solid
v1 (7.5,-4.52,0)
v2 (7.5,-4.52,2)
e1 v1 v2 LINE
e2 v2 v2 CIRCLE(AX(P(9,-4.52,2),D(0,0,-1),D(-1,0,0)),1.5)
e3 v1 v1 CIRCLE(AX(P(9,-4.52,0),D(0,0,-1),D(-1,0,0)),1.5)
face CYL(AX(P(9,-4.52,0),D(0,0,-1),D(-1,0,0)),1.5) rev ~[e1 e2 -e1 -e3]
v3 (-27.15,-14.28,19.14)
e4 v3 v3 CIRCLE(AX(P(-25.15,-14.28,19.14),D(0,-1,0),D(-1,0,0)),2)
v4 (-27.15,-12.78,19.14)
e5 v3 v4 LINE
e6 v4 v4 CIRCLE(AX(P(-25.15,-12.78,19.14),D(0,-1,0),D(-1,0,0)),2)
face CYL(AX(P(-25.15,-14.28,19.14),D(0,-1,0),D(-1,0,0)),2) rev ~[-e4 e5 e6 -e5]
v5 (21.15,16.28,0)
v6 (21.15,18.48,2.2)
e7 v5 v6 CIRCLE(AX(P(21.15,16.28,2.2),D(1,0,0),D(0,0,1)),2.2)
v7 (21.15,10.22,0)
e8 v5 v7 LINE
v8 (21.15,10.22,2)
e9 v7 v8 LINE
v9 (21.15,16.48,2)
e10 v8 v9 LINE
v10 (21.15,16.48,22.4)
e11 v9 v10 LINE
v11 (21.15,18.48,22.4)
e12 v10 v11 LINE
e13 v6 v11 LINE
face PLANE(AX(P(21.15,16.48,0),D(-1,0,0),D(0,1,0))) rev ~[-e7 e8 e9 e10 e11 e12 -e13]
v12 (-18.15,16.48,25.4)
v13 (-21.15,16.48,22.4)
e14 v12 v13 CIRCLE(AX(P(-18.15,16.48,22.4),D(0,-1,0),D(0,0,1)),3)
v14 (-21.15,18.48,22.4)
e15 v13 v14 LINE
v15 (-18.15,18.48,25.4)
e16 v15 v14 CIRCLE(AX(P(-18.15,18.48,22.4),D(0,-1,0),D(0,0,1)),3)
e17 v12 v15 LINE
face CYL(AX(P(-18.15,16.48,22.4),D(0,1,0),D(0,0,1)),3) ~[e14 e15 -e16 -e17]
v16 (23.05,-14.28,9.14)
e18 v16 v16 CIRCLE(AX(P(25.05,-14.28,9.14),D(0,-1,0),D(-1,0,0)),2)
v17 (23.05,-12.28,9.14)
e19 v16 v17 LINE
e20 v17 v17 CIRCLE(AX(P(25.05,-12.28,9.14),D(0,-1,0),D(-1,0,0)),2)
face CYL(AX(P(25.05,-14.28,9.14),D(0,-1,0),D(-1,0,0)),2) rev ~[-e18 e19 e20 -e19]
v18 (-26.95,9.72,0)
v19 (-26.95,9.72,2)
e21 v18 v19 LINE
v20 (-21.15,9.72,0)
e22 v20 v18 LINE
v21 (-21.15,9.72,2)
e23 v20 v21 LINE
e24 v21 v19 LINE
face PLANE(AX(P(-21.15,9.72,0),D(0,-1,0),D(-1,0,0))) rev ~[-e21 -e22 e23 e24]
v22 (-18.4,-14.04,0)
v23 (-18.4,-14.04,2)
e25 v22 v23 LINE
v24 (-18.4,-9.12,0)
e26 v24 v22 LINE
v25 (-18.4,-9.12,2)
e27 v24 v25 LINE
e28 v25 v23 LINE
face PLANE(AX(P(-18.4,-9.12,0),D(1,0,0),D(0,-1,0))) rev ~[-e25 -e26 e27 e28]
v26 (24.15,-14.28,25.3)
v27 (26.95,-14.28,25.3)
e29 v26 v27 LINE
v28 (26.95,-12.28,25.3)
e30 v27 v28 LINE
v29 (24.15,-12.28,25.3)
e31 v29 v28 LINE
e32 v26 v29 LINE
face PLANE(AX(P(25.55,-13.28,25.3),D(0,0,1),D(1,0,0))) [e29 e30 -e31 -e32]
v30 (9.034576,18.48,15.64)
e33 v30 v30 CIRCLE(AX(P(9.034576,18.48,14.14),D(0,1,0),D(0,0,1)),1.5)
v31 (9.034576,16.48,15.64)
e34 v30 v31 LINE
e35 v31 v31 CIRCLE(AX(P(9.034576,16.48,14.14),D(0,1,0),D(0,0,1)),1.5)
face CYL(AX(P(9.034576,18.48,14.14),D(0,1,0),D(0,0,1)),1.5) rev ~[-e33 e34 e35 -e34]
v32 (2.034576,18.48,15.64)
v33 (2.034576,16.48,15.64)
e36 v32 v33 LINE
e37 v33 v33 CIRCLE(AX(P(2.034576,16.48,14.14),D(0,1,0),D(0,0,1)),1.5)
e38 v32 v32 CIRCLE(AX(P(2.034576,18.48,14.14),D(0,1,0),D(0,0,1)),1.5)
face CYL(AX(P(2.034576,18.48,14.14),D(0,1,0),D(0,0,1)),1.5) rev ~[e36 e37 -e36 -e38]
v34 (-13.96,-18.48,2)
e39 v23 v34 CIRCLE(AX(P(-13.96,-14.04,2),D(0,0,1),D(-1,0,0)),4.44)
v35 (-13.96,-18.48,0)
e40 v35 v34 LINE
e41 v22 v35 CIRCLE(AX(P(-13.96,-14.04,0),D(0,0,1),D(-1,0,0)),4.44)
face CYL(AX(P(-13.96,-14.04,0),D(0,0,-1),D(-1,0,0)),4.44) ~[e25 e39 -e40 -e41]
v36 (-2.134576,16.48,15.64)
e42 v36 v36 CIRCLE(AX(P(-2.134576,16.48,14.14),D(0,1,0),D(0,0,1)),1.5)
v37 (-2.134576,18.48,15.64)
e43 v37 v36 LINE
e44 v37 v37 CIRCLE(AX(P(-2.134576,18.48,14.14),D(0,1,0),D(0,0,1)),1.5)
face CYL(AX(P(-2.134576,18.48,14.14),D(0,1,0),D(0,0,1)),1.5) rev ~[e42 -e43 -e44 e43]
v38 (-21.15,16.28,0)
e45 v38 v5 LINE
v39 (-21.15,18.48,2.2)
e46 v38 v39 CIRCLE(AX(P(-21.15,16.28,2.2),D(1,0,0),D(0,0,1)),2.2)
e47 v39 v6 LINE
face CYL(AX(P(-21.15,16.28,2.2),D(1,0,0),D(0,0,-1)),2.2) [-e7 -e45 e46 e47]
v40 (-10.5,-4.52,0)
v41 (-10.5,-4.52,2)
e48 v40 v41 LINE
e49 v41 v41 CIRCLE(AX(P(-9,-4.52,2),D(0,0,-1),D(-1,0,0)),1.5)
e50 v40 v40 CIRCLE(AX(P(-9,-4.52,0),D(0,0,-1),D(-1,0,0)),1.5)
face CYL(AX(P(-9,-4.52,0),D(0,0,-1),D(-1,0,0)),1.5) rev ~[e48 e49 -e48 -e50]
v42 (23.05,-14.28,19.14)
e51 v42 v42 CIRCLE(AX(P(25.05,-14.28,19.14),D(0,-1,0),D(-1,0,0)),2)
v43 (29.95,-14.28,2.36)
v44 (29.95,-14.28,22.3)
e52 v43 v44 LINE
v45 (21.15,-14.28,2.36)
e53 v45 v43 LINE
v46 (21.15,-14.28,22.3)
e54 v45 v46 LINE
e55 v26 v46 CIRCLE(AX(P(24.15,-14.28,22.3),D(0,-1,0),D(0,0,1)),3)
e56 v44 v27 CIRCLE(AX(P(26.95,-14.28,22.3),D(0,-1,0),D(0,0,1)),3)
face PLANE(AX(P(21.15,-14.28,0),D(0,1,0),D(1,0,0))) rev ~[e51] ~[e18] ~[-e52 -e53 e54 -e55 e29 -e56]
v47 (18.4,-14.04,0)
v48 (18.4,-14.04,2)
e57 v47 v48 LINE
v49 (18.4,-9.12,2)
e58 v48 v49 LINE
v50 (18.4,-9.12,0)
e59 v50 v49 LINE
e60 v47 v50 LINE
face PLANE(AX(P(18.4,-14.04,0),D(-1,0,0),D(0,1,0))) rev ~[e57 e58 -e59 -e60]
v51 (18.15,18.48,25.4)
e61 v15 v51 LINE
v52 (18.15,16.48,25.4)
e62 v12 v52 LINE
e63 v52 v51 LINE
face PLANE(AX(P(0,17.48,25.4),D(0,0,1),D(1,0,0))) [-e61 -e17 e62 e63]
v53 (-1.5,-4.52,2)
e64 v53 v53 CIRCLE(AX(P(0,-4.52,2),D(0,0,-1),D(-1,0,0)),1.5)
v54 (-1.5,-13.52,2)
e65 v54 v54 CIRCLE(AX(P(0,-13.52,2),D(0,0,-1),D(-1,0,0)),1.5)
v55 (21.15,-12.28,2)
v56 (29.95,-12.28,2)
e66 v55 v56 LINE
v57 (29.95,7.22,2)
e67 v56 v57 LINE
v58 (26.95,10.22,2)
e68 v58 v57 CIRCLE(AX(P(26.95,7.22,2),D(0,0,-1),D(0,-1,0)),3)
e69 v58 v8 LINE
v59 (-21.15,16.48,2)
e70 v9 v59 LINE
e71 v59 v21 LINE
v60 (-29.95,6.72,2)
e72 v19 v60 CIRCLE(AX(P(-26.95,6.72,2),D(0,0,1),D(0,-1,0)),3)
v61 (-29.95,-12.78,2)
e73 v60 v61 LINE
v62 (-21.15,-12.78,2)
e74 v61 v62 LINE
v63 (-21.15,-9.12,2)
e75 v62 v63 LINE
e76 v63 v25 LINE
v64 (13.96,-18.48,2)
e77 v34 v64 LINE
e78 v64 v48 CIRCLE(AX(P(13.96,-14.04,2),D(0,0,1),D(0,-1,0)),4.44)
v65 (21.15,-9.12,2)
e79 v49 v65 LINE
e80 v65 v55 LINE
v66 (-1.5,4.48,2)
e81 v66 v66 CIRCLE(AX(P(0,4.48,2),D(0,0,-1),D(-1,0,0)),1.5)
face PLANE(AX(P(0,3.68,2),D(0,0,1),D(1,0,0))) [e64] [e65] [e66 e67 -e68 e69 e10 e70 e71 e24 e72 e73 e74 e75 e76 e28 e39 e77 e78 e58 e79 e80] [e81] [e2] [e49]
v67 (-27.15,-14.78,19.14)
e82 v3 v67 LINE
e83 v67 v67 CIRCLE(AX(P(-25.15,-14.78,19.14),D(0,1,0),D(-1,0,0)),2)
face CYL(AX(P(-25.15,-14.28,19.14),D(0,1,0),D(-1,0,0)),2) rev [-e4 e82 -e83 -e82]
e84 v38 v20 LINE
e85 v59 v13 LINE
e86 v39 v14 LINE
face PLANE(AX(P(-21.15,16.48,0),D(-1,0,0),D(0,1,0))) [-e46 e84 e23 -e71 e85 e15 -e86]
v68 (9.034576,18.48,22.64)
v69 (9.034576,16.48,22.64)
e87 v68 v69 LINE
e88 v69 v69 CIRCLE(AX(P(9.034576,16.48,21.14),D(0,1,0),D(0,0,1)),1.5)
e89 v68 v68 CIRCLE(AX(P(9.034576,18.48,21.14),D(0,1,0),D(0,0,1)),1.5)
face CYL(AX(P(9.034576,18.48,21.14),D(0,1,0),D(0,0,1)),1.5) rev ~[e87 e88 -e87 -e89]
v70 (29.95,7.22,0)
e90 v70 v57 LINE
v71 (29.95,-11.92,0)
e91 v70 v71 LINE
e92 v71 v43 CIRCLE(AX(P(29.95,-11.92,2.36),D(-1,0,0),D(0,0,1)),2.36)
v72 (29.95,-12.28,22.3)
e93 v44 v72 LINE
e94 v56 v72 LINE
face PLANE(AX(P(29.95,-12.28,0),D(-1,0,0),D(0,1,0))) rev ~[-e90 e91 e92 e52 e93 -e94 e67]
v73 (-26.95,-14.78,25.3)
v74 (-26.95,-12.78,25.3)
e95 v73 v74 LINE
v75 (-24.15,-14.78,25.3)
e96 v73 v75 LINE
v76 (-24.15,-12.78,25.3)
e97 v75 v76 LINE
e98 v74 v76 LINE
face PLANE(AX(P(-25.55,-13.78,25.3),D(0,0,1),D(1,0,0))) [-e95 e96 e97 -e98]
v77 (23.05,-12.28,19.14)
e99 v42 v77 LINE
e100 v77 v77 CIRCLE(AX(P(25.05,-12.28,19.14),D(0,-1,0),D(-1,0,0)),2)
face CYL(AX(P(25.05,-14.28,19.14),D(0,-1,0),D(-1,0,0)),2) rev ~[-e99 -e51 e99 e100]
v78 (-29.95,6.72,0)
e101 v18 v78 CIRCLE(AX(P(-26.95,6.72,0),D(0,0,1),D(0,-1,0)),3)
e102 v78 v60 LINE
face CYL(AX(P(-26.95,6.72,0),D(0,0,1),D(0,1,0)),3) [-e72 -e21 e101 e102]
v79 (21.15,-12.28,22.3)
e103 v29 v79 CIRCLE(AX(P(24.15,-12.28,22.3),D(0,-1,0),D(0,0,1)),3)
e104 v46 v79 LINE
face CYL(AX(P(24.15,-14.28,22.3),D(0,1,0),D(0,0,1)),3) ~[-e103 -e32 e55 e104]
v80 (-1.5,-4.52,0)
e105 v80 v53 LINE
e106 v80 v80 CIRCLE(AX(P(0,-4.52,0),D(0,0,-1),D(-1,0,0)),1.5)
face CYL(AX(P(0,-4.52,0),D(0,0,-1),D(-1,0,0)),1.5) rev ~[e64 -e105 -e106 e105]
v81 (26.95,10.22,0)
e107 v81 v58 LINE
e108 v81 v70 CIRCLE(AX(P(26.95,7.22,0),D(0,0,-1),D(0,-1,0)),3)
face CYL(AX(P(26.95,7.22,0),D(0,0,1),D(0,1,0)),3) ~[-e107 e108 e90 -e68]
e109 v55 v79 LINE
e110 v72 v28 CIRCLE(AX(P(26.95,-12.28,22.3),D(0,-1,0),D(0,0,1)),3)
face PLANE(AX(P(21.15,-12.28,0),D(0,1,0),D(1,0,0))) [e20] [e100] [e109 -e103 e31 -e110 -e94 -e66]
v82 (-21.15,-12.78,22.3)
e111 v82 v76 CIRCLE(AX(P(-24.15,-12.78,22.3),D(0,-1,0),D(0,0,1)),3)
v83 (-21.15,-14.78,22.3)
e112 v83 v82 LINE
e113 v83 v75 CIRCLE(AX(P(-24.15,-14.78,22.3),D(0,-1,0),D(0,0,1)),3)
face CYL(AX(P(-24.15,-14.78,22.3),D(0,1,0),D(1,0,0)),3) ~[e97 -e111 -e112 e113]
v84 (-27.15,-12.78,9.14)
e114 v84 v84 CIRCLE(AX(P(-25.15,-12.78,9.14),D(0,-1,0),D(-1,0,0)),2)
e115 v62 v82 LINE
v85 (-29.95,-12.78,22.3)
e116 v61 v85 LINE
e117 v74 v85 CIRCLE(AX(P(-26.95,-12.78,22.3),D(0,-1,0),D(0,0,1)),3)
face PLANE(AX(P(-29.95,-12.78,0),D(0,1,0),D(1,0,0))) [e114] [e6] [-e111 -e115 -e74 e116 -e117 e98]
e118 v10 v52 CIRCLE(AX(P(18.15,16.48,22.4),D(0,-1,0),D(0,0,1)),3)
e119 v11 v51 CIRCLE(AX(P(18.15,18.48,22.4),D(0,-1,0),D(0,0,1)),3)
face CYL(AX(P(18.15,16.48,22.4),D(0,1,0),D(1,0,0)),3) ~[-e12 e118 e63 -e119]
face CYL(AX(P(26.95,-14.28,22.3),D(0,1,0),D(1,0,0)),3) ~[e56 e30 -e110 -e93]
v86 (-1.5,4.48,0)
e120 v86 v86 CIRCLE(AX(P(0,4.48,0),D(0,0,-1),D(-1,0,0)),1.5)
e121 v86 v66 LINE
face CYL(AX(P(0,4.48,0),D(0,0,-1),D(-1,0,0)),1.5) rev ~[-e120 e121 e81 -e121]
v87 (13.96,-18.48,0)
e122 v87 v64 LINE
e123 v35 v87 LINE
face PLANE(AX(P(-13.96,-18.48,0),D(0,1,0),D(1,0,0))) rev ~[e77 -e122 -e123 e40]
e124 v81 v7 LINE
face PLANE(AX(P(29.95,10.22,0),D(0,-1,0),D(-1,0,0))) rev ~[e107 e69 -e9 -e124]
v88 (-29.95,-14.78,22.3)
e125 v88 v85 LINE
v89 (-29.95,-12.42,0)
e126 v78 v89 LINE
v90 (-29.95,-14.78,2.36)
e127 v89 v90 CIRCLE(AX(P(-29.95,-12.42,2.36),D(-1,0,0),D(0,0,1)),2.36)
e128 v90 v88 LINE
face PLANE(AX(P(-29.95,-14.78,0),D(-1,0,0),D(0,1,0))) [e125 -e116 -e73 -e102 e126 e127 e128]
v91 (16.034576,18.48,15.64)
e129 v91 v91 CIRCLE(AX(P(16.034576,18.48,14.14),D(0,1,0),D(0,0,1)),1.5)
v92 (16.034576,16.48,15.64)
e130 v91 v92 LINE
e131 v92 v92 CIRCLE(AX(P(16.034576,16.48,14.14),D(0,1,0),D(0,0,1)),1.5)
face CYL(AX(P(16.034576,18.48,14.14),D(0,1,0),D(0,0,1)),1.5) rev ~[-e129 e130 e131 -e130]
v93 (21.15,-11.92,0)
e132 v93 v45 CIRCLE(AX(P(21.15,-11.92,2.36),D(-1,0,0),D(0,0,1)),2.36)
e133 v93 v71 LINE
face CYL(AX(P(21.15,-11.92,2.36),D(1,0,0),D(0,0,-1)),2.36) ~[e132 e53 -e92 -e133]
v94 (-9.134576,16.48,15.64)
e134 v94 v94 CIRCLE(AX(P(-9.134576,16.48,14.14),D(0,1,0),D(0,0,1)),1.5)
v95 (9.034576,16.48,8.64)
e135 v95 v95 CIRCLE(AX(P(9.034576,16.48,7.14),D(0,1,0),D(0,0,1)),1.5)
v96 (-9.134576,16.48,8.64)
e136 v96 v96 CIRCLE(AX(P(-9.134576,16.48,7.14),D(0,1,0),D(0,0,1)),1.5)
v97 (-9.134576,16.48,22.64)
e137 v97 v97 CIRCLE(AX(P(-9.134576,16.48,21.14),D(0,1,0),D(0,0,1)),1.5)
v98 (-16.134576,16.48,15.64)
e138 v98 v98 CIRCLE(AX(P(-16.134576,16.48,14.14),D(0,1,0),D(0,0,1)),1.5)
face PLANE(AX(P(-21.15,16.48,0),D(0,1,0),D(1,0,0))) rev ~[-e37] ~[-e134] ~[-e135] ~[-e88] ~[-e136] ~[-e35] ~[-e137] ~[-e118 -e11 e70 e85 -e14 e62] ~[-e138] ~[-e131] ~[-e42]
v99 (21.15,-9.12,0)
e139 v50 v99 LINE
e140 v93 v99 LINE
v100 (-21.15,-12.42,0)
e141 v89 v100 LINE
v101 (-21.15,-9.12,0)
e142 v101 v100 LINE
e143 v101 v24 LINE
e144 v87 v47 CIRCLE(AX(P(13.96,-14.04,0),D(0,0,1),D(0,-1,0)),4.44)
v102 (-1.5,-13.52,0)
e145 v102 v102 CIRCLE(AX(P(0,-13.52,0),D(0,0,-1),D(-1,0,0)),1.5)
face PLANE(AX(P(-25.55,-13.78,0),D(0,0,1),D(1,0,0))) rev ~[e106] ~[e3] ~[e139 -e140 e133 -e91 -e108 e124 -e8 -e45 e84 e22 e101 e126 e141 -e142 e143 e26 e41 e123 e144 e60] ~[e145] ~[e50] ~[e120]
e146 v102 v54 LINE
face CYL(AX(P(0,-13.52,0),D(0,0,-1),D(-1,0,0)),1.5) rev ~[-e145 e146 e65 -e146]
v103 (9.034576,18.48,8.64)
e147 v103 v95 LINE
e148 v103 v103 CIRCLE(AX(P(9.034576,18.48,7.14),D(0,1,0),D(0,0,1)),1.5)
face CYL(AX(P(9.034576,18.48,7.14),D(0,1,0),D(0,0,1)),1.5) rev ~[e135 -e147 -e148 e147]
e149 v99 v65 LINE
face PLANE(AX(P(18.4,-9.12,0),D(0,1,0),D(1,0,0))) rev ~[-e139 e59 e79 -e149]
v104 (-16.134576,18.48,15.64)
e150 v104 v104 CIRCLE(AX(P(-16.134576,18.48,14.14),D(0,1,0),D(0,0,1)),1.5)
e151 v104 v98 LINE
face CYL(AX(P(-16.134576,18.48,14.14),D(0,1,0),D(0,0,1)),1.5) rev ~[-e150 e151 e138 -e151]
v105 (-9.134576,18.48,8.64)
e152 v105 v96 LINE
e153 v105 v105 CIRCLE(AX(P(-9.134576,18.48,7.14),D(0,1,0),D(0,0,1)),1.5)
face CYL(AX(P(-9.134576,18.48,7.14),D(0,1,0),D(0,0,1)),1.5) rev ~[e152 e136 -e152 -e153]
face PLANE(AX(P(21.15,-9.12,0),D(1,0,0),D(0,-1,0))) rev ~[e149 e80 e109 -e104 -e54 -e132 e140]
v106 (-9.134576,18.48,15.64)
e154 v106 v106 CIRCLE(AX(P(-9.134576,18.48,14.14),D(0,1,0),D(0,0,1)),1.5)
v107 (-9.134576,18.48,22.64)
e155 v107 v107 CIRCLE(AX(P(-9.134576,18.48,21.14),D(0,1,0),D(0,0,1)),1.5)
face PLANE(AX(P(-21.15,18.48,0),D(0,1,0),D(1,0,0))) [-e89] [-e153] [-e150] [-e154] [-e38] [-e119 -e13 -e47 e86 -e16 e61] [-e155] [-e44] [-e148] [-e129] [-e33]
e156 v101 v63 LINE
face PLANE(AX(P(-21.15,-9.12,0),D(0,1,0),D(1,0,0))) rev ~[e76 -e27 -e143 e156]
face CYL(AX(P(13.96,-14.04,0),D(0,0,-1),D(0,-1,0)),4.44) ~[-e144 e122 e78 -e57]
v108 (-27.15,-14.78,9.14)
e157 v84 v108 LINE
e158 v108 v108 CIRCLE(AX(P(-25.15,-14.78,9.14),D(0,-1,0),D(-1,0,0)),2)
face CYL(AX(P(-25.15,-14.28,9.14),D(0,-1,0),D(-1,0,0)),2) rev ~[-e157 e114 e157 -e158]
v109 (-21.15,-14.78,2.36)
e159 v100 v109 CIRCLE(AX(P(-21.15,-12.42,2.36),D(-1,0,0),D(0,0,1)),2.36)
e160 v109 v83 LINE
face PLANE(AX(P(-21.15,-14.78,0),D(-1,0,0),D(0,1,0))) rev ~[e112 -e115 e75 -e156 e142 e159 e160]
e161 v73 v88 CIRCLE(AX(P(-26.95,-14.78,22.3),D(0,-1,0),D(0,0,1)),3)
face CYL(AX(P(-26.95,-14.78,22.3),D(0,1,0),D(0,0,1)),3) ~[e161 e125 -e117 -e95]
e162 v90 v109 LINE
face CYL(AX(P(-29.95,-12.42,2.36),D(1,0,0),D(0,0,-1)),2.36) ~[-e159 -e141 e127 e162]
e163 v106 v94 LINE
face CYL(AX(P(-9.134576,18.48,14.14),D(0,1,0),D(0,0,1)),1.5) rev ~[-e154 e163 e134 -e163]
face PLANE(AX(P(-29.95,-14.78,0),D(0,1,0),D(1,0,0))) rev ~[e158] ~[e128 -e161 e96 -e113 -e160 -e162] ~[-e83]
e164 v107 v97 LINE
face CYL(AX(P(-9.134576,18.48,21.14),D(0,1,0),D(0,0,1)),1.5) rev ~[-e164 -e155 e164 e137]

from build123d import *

# Parameters (mm, degrees)
BOSS_EXTRUDE1_DEPTH = 2
SKETCH1_3_W         = 42.3
SKETCH1_3_H         = 2
BOSS_EXTRUDE2_DEPTH = 25.4
SKETCH1_4_W         = 8.8
SKETCH1_4_H         = 2
BOSS_EXTRUDE3_DEPTH = 25.3
FILLET13_R          = 3
FILLET14_R          = 3
FILLET15_R          = 3
FILLET16_R          = 3
FILLET18_R          = 3
FILLET19_R          = 3
FILLET20_R          = 3
FILLET21_R          = 3
FILLET24_R          = 2.36
FILLET25_R          = 2.36
FILLET26_R          = 2.2
SKETCH2_R           = 2
CUT_EXTRUDE1_DEPTH  = 10
SKETCH3_R           = 1.5
CUT_EXTRUDE2_DEPTH  = 10
SKETCH4_R           = 1.5
CUT_EXTRUDE3_DEPTH  = 10


with BuildPart() as part:
    # Sketch1 → Boss-Extrude1 (new body)
    with BuildSketch(Plane.XY):
        Polygon((21.15, 16.48), (-21.15, 16.48), (-21.15, 9.72), (-21.15, -9.12), (-18.4, -9.12), (18.4, -9.12), (21.15, -9.12), (21.15, 10.22), align=None)
        with BuildLine():
            Line((-4.349812535, -18.48), (13.96, -18.48))
            ThreePointArc((13.96, -18.48), (17.099554108, -17.179554108), (18.4, -14.04))
            Line((18.4, -14.04), (18.4, -9.12))
            Line((18.4, -9.12), (-18.4, -9.12))
            Line((-18.4, -9.12), (-18.4, -14.04))
            ThreePointArc((-18.4, -14.04), (-17.099554108, -17.179554108), (-13.96, -18.48))
            Line((-13.96, -18.48), (-4.349812535, -18.48))
        make_face()
        Polygon((-21.15, -9.12), (-21.15, 9.72), (-29.95, 9.72), (-29.95, -12.78), (-21.15, -12.78), align=None)
        Polygon((29.95, 10.22), (21.15, 10.22), (21.15, -9.12), (21.15, -12.28), (29.95, -12.28), align=None)
    extrude(amount=BOSS_EXTRUDE1_DEPTH)

    # Sketch1<3> → Boss-Extrude2 (add)
    with BuildSketch(Plane.XY):
        with Locations((0, 17.48)):
            Rectangle(SKETCH1_3_W, SKETCH1_3_H)
    extrude(amount=BOSS_EXTRUDE2_DEPTH)

    # Sketch1<4> → Boss-Extrude3 (add)
    with BuildSketch(Plane.XY):
        with Locations((-25.55, -13.78)):
            Rectangle(SKETCH1_4_W, SKETCH1_4_H)
        with Locations((25.55, -13.28)):
            Rectangle(SKETCH1_4_W, SKETCH1_4_H)
    extrude(amount=BOSS_EXTRUDE3_DEPTH)

    # Fillet13
    fillet13_edges = [part.edges().sort_by_distance(p)[0] for p in [
        (-21.15, -13.78, 25.3),
    ]]
    fillet(fillet13_edges, radius=FILLET13_R)

    # Fillet14
    fillet14_edges = [part.edges().sort_by_distance(p)[0] for p in [
        (-29.95, -13.78, 25.3),
    ]]
    fillet(fillet14_edges, radius=FILLET14_R)

    # Fillet15
    fillet15_edges = [part.edges().sort_by_distance(p)[0] for p in [
        (29.95, -13.28, 25.3),
    ]]
    fillet(fillet15_edges, radius=FILLET15_R)

    # Fillet16
    fillet16_edges = [part.edges().sort_by_distance(p)[0] for p in [
        (21.15, -13.28, 25.3),
    ]]
    fillet(fillet16_edges, radius=FILLET16_R)

    # Fillet18
    fillet18_edges = [part.edges().sort_by_distance(p)[0] for p in [
        (21.15, 17.48, 25.4),
    ]]
    fillet(fillet18_edges, radius=FILLET18_R)

    # Fillet19
    fillet19_edges = [part.edges().sort_by_distance(p)[0] for p in [
        (-21.15, 17.48, 25.4),
    ]]
    fillet(fillet19_edges, radius=FILLET19_R)

    # Fillet20
    fillet20_edges = [part.edges().sort_by_distance(p)[0] for p in [
        (29.95, 10.22, 1),
    ]]
    fillet(fillet20_edges, radius=FILLET20_R)

    # Fillet21
    fillet21_edges = [part.edges().sort_by_distance(p)[0] for p in [
        (-29.95, 9.72, 1),
    ]]
    fillet(fillet21_edges, radius=FILLET21_R)

    # Fillet24
    fillet24_edges = [part.edges().sort_by_distance(p)[0] for p in [
        (-25.55, -14.78, 0),
    ]]
    fillet(fillet24_edges, radius=FILLET24_R)

    # Fillet25
    fillet25_edges = [part.edges().sort_by_distance(p)[0] for p in [
        (25.55, -14.28, 0),
    ]]
    fillet(fillet25_edges, radius=FILLET25_R)

    # Fillet26
    fillet26_edges = [part.edges().sort_by_distance(p)[0] for p in [
        (0, 18.48, 0),
    ]]
    fillet(fillet26_edges, radius=FILLET26_R)

    # Sketch2 → Cut-Extrude1 (cut, symmetric)
    with BuildSketch(Plane.XZ.offset(14.28)):
        with Locations(Location((25.05, 19.14, 0), (0, 0, 180))):
            Circle(SKETCH2_R)
        with Locations(Location((25.05, 9.14, 0), (0, 0, 180))):
            Circle(SKETCH2_R)
        with Locations(Location((-25.15, 19.14, 0), (0, 0, 180))):
            Circle(SKETCH2_R)
        with Locations(Location((-25.15, 9.14, 0), (0, 0, 180))):
            Circle(SKETCH2_R)
    extrude(amount=CUT_EXTRUDE1_DEPTH, both=True, mode=Mode.SUBTRACT)

    # Sketch3 → Cut-Extrude2 (cut)
    with BuildSketch(Plane(origin=(0, 18.48, 0), x_dir=(1, 0, 0), z_dir=(0, 1, 0))):
        with Locations(Location((-9.134575671, -14.14, 0), (0, 0, 270))):
            Circle(SKETCH3_R)
        with Locations(Location((-9.134575671, -7.14, 0), (0, 0, 270))):
            Circle(SKETCH3_R)
        with Locations(Location((-2.134575671, -14.14, 0), (0, 0, 270))):
            Circle(SKETCH3_R)
        with Locations(Location((-9.134575671, -21.14, 0), (0, 0, 270))):
            Circle(SKETCH3_R)
        with Locations(Location((-16.134575671, -14.14, 0), (0, 0, 270))):
            Circle(SKETCH3_R)
        with Locations(Location((9.034575671, -14.14, 0), (0, 0, 270))):
            Circle(SKETCH3_R)
        with Locations(Location((9.034575671, -7.14, 0), (0, 0, 270))):
            Circle(SKETCH3_R)
        with Locations(Location((16.034575671, -14.14, 0), (0, 0, 270))):
            Circle(SKETCH3_R)
        with Locations(Location((9.034575671, -21.14, 0), (0, 0, 270))):
            Circle(SKETCH3_R)
        with Locations(Location((2.034575671, -14.14, 0), (0, 0, 270))):
            Circle(SKETCH3_R)
    extrude(amount=-CUT_EXTRUDE2_DEPTH, mode=Mode.SUBTRACT)

    # Sketch4 → Cut-Extrude3 (cut)
    with BuildSketch(Plane(origin=(0, 0, 0), x_dir=(-1, 0, 0), z_dir=(0, 0, -1))):
        with Locations((-9, -4.52)):
            Circle(SKETCH4_R)
        with Locations((0, 4.48)):
            Circle(SKETCH4_R)
        with Locations((9, -4.52)):
            Circle(SKETCH4_R)
        with Locations((0, -13.52)):
            Circle(SKETCH4_R)
        with Locations((0, -4.52)):
            Circle(SKETCH4_R)
    extrude(amount=-CUT_EXTRUDE3_DEPTH, mode=Mode.SUBTRACT)


solid = part.part
